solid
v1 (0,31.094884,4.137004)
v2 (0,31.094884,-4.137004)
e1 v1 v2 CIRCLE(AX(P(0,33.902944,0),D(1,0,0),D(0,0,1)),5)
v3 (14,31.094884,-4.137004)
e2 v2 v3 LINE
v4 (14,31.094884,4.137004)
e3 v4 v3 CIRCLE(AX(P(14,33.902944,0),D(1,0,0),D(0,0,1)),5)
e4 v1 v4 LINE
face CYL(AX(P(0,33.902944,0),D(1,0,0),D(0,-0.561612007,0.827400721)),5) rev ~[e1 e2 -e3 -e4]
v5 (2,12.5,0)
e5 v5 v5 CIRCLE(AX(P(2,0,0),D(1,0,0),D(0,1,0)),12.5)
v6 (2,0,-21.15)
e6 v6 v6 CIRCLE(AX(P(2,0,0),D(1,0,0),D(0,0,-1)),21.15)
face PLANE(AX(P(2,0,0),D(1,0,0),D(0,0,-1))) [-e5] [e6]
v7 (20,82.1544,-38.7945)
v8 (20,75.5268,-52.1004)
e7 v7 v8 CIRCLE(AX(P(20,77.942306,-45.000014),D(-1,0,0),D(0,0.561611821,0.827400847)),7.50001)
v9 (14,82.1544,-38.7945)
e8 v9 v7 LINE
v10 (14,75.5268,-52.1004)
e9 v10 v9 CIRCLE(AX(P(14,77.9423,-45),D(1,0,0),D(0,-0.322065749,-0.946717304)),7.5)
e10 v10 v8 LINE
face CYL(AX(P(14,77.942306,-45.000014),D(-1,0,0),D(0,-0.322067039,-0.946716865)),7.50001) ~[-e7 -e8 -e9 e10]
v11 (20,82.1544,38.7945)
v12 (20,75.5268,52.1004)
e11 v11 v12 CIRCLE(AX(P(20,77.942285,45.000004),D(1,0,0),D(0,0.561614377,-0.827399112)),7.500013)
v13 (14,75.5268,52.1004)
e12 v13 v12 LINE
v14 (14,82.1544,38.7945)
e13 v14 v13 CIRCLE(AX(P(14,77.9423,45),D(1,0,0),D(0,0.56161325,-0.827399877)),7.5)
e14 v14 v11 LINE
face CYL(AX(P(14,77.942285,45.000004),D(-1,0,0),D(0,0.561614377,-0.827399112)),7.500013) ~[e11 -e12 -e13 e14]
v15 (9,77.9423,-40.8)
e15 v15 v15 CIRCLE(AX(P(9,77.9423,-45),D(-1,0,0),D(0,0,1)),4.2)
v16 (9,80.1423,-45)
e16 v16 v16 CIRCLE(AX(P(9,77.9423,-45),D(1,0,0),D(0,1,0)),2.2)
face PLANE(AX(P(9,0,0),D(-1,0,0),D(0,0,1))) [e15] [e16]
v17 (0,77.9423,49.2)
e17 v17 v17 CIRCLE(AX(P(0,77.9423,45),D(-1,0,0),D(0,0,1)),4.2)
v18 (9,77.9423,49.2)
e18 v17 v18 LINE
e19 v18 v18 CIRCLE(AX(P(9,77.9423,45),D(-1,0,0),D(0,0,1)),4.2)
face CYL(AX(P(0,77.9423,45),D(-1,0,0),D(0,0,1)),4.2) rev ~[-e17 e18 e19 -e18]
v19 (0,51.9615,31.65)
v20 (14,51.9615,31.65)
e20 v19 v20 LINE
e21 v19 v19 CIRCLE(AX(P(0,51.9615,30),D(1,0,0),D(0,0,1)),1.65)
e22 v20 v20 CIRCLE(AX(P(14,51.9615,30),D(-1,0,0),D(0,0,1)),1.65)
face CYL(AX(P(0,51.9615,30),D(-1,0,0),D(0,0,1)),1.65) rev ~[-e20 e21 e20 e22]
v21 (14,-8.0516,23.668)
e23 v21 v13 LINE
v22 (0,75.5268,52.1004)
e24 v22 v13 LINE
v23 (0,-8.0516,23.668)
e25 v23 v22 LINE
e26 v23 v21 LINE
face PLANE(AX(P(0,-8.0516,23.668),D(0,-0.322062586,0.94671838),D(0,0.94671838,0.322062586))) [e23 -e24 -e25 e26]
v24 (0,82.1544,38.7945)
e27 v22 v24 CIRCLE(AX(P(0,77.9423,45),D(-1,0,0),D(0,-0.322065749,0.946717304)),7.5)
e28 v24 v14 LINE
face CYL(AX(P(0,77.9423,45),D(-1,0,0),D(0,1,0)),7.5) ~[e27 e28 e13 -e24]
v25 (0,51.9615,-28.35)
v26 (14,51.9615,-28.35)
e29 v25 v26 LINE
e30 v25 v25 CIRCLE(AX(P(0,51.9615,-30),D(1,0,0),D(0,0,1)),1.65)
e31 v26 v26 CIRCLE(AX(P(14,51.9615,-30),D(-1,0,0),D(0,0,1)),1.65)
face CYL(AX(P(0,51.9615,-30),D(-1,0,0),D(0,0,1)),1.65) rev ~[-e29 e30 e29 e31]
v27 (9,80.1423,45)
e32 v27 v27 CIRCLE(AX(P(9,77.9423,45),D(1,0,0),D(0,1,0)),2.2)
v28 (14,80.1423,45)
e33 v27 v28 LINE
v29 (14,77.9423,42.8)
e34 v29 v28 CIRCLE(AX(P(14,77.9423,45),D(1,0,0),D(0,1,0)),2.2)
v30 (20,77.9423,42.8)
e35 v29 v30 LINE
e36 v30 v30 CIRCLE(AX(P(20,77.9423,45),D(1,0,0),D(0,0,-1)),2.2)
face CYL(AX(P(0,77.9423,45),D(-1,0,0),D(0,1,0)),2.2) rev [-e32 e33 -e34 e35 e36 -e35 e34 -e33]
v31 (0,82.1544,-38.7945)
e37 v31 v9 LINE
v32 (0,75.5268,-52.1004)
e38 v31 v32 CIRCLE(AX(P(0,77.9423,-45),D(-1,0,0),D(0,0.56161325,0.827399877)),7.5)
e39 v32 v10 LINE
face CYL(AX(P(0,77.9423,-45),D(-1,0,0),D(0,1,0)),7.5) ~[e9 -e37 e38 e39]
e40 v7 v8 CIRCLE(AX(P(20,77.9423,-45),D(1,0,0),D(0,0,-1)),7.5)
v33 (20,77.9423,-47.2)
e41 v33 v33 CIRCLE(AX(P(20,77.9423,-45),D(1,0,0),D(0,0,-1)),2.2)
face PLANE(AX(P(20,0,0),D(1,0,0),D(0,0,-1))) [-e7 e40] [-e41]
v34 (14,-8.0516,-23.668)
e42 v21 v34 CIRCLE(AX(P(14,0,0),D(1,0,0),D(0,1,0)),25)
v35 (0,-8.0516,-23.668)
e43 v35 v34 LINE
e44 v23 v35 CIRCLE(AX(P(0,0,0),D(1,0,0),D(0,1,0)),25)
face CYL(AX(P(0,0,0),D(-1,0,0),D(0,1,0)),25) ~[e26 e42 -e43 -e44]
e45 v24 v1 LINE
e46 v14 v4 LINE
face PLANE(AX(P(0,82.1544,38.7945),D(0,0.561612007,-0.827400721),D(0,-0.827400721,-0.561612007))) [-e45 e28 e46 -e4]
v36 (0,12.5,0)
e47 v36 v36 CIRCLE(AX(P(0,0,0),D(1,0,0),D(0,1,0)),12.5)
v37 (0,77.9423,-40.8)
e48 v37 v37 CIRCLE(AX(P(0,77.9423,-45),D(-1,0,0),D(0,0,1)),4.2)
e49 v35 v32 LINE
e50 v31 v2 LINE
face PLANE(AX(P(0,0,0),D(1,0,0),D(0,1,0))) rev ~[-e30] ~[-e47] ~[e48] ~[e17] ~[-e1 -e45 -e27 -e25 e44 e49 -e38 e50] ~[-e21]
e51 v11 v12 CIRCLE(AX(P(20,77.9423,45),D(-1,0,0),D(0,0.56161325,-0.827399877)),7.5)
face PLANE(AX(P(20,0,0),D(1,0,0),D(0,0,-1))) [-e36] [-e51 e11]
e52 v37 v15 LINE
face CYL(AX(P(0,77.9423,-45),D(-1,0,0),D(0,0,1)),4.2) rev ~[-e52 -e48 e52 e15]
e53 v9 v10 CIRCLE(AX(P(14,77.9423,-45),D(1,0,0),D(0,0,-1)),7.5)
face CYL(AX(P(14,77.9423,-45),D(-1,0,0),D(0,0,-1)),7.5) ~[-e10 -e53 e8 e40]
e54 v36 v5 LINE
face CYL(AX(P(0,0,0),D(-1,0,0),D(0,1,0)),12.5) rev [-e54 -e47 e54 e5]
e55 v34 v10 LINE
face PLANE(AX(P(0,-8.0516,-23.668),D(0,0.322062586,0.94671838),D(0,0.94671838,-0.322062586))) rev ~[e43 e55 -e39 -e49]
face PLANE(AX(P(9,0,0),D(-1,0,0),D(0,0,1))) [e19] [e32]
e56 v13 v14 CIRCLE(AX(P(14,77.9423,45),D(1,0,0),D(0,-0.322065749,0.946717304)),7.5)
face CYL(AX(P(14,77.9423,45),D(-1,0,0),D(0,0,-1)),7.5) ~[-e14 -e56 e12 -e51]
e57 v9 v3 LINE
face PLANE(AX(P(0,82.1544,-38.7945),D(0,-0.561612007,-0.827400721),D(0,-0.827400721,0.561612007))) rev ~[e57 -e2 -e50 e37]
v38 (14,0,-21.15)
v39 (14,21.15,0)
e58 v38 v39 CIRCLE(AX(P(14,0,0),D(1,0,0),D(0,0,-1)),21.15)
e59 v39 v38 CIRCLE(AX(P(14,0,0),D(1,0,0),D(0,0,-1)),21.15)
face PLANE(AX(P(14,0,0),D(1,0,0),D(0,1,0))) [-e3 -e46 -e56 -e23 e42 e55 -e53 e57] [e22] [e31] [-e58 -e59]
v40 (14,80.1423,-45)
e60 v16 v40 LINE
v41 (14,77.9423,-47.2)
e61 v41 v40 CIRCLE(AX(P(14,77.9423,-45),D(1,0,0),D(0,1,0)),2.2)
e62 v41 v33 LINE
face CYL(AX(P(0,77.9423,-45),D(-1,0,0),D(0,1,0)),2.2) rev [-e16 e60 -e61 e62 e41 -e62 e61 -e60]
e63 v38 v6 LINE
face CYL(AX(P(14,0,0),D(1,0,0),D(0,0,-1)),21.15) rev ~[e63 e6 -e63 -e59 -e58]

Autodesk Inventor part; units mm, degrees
ref_plane "YZ Plane" through (0, 0, 0) normal (1, 0, 0) x (0, 1, 0)
ref_plane "XZ Plane" through (0, 0, 0) normal (0, 1, 0) x (-1, 0, 0)
ref_plane "XY Plane" through (0, 0, 0) normal (0, 0, 1) x (1, 0, 0)
sketch "Sketch1" plane through (0, 0, 0) normal (1, 0, 0) x (0, 1, 0)
  circle A0 centre (0, 0) radius 90 construction
  circle A1 centre (0, 0) radius 12.5
  circle A2 centre (0, 0) radius 25
  line L0 (77.9423, 45) -> (77.9423, -45) construction
  line L1 (-8.0516, 23.668) -> (75.5268, 52.1004)
  circle A3 centre (77.9423, 45) radius 2.2
  circle A4 centre (77.9423, 45) radius 7.5
  line L2 (82.1544, 38.7945) -> (25, 0)
  line L3 (0, 0) -> (51.9077, 0)
  line L4 (-8.0516, -23.668) -> (75.5268, -52.1004)
  circle A5 centre (77.9423, -45) radius 2.2
  circle A6 centre (77.9423, -45) radius 7.5
  line L5 (82.1544, -38.7945) -> (25, 0)
  point P0 (77.9423, 0)
  dimension "d0" = 180
  dimension "d1" = 25
  dimension "d2" = 50
  dimension "d3" = 90
  dimension "d4" = 4.4
  dimension "d5" = 15
extrude "Extrusion1" add sketch "Sketch1" along normal blind 14
fillet "Fillet1" radius 5 1 edges at (7, 25, 0)
sketch "Sketch2" plane through (14, 0, 0) normal (1, 0, 0) x (0, 0, -1)
  circle A0 centre (0, 0) radius 12.5 projected
  circle A1 centre (0, 0) radius 21.15
  dimension "d9" = 42.3
extrude "Extrusion2" cut sketch "Sketch2" against normal blind 12
sketch "Sketch3" plane through (14, 0, 0) normal (1, 0, 0) x (0, 0, -1)
  circle A0 centre (0, 0) radius 21.15 projected
  arc A1 (-38.7945, 82.1544) -> (-52.1004, 75.5268) centre (-45, 77.9423) ccw projected
  line L0 (-52.1004, 75.5268) -> (-23.668, -8.0516) projected
  arc A2 (-23.668, -8.0516) -> (23.668, -8.0516) centre (0, 0) ccw projected
  line L1 (23.668, -8.0516) -> (52.1004, 75.5268) projected
  arc A3 (52.1004, 75.5268) -> (38.7945, 82.1544) centre (45, 77.9423) ccw projected
  line L2 (38.7945, 82.1544) -> (4.137, 31.0949) projected
  arc A4 (-4.137, 31.0949) -> (4.137, 31.0949) centre (0, 33.9029) ccw projected
  line L3 (-4.137, 31.0949) -> (-38.7945, 82.1544) projected
  circle A5 centre (45, 77.9423) radius 2.2 projected
  circle A6 centre (-45, 77.9423) radius 2.2 projected
  circle A7 centre (-45, 77.9423) radius 7.5
  circle A8 centre (45, 77.9423) radius 7.5
  point P0 (38.7945, 82.1544)
  point P1 (52.1004, 75.5268)
  point P2 (-52.1004, 75.5268)
extrude "Extrusion3" add sketch "Sketch3" along normal blind 6 contours A7 A1 | A3 A8
sketch "Sketch4" plane through (0, 0, 0) normal (-1, 0, 0) x (0, 0, 1)
  arc A0 (52.1004, 75.5268) -> (38.7945, 82.1544) centre (45, 77.9423) ccw projected
  line L0 (4.137, 31.0949) -> (38.7945, 82.1544) projected
  arc A1 (-4.137, 31.0949) -> (4.137, 31.0949) centre (0, 33.9029) ccw projected
  line L1 (-38.7945, 82.1544) -> (-4.137, 31.0949) projected
  arc A2 (-38.7945, 82.1544) -> (-52.1004, 75.5268) centre (-45, 77.9423) ccw projected
  line L2 (-23.668, -8.0516) -> (-52.1004, 75.5268) projected
  arc A3 (-23.668, -8.0516) -> (23.668, -8.0516) centre (0, 0) ccw projected
  line L3 (52.1004, 75.5268) -> (23.668, -8.0516) projected
  circle A4 centre (-45, 77.9423) radius 2.2 projected
  circle A5 centre (45, 77.9423) radius 2.2 projected
  circle A6 centre (0, 0) radius 12.5 projected
  circle A7 centre (-45, 77.9423) radius 4.2
  circle A8 centre (45, 77.9423) radius 4.2
  dimension "d14" = 8.4
extrude "Extrusion4" cut sketch "Sketch4" against normal blind 9 contours A4 | A5 | A7 | A8
sketch "Sketch5" plane through (0, 0, 0) normal (-1, 0, 0) x (0, 0, 1)
  circle A0 centre (45, 77.9423) radius 4.2 projected
  circle A1 centre (-45, 77.9423) radius 4.2 projected
  arc A2 (52.1004, 75.5268) -> (38.7945, 82.1544) centre (45, 77.9423) ccw projected
  line L0 (4.137, 31.0949) -> (38.7945, 82.1544) projected
  arc A3 (-4.137, 31.0949) -> (4.137, 31.0949) centre (0, 33.9029) ccw projected
  line L1 (-38.7945, 82.1544) -> (-4.137, 31.0949) projected
  arc A4 (-38.7945, 82.1544) -> (-52.1004, 75.5268) centre (-45, 77.9423) ccw projected
  line L2 (-23.668, -8.0516) -> (-52.1004, 75.5268) projected
  arc A5 (-23.668, -8.0516) -> (23.668, -8.0516) centre (0, 0) ccw projected
  line L3 (52.1004, 75.5268) -> (23.668, -8.0516) projected
  circle A6 centre (0, 0) radius 12.5 projected
  line L4 (-30, 51.9615) -> (30, 51.9615) construction
  line L5 (-45, 77.9423) -> (0, 0)
  circle A7 centre (45, 77.9423) radius 2.2 projected
  line L6 (0, 0) -> (45, 77.9423)
  circle A8 centre (-30, 51.9615) radius 1.65
  circle A9 centre (30, 51.9615) radius 1.65
  point P0 (0, 51.9615)
  dimension "d17" = 60
  dimension "d18" = 3.3
  dimension "d19" = 3.3
extrude "Extrusion5" cut sketch "Sketch5" against normal through all contours A8 L5 | L5 A8 | A9 L6 | L6 A9
properties part number "SOPORTE_RODAMIENTO" material "Steel, Mild, Welded"
